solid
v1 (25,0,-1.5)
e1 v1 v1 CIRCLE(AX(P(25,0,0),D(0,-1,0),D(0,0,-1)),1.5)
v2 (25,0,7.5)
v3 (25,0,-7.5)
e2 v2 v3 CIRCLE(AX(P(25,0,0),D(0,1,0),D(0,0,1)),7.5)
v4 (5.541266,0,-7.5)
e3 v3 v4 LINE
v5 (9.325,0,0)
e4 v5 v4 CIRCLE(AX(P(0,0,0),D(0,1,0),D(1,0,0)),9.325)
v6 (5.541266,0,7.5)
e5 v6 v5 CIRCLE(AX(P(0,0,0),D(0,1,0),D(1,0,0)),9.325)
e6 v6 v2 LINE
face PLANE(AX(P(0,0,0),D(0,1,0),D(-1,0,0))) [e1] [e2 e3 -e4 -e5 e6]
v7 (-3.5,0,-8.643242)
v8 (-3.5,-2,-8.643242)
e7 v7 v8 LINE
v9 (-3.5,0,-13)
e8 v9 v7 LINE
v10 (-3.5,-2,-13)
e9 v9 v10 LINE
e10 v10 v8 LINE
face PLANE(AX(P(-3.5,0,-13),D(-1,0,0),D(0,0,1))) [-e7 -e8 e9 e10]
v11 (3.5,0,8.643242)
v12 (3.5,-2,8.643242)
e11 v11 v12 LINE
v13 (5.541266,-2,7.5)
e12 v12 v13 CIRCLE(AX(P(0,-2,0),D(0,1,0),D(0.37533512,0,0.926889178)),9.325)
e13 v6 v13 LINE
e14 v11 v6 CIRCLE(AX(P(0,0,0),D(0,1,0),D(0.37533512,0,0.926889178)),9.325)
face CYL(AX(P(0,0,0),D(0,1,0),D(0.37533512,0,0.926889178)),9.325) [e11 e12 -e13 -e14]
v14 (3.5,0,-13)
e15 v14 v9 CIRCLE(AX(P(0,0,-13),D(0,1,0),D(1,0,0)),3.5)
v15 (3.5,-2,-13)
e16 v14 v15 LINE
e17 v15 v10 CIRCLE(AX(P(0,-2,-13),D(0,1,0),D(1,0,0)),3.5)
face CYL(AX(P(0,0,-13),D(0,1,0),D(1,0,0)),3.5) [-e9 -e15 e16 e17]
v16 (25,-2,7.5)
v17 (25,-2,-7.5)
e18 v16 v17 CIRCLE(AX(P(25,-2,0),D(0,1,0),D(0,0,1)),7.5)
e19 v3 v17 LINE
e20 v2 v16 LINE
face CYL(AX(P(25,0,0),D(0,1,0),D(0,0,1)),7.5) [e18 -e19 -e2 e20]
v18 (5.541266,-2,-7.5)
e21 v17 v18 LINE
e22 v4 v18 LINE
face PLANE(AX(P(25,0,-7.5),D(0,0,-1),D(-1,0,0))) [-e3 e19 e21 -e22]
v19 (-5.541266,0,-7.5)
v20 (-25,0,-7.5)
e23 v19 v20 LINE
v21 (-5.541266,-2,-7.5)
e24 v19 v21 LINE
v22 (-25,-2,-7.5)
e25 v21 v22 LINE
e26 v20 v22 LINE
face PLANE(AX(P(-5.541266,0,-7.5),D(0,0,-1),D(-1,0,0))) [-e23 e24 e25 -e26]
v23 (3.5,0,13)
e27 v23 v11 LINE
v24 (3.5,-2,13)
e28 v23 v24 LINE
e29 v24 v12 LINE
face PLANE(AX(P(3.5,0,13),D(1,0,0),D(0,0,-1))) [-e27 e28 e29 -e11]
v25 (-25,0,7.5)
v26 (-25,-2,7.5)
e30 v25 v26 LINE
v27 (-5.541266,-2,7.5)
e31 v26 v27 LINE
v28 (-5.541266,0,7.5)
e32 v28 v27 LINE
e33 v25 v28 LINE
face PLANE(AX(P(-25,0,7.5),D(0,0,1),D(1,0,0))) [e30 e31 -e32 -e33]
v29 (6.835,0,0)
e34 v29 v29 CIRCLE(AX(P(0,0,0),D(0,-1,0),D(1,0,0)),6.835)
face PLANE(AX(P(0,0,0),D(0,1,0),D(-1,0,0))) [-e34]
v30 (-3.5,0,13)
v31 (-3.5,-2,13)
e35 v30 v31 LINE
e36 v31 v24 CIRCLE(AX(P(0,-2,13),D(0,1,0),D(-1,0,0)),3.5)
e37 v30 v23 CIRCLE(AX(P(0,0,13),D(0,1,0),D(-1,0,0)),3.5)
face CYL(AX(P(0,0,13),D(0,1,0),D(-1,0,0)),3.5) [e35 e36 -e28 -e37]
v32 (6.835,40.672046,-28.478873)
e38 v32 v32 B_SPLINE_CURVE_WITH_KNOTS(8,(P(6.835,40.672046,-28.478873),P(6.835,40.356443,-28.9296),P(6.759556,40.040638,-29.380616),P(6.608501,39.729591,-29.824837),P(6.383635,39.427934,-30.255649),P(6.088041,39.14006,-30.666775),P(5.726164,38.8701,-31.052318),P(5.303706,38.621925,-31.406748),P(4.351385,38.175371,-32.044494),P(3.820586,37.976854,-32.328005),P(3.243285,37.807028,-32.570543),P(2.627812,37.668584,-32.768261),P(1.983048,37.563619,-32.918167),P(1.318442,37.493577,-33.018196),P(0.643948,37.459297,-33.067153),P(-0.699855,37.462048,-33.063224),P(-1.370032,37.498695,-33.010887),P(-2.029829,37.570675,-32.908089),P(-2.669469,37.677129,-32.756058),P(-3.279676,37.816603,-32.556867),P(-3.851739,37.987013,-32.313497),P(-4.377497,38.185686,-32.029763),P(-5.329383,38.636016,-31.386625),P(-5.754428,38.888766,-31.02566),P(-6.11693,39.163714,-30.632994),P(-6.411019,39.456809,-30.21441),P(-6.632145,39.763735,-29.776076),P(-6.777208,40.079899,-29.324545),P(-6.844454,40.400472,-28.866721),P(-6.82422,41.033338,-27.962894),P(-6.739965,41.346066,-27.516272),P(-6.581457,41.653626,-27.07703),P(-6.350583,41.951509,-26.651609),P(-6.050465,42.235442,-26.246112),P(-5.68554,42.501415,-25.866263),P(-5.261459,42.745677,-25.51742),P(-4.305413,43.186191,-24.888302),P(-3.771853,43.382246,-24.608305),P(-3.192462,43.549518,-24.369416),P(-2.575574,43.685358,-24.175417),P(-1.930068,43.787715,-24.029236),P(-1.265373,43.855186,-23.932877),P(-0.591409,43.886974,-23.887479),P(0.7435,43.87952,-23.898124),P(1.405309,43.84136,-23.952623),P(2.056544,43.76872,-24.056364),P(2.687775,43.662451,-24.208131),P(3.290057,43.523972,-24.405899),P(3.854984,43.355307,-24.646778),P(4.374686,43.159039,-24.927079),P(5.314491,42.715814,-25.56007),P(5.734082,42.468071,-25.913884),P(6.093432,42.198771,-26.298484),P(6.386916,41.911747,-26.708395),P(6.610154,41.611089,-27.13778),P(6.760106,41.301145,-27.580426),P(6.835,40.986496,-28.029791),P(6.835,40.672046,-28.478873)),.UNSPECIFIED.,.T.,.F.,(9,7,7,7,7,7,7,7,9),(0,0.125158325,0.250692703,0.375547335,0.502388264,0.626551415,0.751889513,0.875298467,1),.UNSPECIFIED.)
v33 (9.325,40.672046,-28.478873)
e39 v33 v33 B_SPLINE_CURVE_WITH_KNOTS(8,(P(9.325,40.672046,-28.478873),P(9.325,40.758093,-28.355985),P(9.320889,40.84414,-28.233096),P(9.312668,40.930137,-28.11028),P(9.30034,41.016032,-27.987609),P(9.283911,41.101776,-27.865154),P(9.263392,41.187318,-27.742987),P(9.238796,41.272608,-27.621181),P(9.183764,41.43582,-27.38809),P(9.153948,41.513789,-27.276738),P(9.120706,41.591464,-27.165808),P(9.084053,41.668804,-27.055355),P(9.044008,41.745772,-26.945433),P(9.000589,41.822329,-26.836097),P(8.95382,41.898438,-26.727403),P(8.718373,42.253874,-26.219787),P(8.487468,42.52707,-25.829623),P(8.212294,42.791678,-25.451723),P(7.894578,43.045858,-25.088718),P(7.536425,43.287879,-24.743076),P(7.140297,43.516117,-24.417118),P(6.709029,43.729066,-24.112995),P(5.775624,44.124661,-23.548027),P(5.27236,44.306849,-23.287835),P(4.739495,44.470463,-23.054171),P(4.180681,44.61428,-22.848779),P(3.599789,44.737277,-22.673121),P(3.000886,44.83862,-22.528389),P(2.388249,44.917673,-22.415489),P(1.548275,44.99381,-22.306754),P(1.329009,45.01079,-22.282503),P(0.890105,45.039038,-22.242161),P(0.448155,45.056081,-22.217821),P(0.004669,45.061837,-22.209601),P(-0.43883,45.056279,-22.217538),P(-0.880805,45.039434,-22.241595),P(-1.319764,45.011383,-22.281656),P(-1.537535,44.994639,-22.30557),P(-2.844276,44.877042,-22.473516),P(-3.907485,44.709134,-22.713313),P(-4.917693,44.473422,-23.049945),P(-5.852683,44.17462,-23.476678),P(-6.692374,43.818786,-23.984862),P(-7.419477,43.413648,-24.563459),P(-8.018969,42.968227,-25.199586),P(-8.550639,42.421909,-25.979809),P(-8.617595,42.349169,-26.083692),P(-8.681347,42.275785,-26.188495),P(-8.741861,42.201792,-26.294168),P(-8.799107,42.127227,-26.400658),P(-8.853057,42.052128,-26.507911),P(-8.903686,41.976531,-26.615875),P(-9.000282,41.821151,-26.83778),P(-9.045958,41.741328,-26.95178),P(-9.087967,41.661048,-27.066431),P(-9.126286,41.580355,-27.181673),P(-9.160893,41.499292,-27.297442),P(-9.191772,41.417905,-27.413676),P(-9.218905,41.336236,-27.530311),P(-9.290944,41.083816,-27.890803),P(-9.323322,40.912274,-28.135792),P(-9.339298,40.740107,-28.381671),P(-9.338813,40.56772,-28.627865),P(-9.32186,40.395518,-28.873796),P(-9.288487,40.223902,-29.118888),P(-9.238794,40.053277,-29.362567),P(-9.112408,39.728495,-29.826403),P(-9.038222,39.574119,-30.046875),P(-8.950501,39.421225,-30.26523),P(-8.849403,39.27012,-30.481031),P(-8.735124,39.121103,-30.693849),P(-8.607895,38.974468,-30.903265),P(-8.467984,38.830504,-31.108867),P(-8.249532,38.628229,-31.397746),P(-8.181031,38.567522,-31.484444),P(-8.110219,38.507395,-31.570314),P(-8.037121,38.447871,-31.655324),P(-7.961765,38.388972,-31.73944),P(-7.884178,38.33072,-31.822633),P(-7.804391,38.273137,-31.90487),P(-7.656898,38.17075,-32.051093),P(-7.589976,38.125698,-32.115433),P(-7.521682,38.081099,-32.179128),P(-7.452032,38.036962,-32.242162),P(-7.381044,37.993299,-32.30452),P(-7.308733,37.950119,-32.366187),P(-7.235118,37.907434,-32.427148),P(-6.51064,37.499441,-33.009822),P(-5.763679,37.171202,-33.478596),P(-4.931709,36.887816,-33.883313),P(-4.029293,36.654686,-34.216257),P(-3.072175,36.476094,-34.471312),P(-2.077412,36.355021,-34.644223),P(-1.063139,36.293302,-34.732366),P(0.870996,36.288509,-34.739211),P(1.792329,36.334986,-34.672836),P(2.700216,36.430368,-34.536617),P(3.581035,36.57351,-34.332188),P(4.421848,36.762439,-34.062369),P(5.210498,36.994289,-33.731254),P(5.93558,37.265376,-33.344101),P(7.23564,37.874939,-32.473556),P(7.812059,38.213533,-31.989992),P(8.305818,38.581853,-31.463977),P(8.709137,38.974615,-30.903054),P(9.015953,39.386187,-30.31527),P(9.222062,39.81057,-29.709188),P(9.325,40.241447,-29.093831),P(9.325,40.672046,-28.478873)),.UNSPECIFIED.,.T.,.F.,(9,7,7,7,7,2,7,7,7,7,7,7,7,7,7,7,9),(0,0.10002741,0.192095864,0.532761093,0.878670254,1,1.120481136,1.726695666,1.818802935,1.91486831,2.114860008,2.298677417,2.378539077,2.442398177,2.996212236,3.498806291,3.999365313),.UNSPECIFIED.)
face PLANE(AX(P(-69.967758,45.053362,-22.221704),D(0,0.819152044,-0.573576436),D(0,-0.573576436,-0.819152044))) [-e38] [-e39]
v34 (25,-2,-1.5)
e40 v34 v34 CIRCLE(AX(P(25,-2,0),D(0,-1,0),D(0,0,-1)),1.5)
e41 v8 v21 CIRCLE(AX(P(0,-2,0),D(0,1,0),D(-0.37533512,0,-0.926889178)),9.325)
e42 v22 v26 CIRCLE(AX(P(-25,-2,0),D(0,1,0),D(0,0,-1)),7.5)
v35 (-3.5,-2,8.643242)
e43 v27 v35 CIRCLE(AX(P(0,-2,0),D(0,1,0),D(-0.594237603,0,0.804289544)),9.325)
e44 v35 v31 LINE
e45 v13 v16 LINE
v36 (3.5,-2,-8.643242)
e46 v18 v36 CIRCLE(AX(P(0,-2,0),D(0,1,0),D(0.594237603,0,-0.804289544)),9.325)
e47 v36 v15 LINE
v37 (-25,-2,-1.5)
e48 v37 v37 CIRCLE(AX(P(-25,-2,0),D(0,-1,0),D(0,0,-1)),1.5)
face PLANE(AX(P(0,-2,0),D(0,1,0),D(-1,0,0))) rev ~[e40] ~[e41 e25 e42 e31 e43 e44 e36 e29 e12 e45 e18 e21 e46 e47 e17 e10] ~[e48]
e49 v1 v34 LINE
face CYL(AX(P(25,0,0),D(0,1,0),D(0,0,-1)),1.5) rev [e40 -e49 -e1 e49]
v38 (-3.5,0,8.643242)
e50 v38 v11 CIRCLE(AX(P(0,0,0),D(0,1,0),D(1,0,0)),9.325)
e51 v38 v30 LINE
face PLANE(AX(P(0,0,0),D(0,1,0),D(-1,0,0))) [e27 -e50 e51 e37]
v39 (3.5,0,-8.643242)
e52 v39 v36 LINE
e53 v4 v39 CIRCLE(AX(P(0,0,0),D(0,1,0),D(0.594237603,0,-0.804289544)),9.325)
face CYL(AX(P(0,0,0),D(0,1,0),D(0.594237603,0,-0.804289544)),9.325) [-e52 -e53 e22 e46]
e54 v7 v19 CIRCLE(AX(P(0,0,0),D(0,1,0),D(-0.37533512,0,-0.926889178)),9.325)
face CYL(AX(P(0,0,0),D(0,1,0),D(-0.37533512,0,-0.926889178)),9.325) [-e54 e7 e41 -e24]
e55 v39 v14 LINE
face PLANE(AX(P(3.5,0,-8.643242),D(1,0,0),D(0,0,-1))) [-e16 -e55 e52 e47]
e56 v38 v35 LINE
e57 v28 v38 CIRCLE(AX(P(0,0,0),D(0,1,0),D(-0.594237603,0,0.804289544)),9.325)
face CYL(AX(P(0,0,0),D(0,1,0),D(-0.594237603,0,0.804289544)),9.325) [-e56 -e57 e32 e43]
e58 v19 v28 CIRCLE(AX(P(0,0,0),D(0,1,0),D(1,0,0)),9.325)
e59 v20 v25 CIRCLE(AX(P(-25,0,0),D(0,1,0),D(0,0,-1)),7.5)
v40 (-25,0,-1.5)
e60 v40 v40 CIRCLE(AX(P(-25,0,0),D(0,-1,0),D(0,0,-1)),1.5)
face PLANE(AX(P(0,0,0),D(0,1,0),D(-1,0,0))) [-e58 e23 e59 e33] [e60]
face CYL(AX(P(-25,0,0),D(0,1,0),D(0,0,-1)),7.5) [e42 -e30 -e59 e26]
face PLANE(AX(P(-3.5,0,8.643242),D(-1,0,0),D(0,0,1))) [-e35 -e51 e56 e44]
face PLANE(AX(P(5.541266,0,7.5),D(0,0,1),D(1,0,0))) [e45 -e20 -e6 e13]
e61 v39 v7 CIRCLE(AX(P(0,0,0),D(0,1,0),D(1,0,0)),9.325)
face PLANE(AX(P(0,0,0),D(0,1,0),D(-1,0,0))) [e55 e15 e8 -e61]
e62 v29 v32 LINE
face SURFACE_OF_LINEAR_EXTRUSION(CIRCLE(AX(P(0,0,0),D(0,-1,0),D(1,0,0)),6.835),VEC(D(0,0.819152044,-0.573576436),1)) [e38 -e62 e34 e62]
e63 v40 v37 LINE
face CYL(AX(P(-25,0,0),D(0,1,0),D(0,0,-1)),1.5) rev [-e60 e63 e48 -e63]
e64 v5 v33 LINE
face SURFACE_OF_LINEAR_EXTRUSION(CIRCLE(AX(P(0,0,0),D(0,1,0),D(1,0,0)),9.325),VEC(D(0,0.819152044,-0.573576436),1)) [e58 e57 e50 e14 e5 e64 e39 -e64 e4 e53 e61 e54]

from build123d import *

# Parameters (mm, degrees)
CROQUIS1_R                 = 9.325
CROQUIS1_R_2               = 6.835
CROQUIS11_R                = 1.5
SALIENTE_EXTRUIR1_DEPTH    = 2
CORTAR_EXTRUIR2_DEPTH      = 69.96775808
CORTAR_EXTRUIR2_DEPTH_BACK = 69.96775808


with BuildPart() as part:
    # Barrer1: sweep along a path in Croquis6
    with BuildLine(Plane(origin=(0, 0, 0), x_dir=(0, 0, -1), z_dir=(1, 0, 0))) as barrer1_path:
        Line((9.345393917, 0), (40.892097916, 45.053362436))
    # Croquis1 → Barrer1 (sweep)
    with BuildSketch(Plane(origin=(0, 0, 0), x_dir=(1, 0, 0), z_dir=(0, 1, 0))):
        Circle(CROQUIS1_R)
        Circle(CROQUIS1_R_2, mode=Mode.SUBTRACT)
    sweep(path=barrer1_path.line)

    # Croquis11 → Saliente-Extruir1 (add)
    with BuildSketch(Plane.XZ):
        with BuildLine():
            Line((-25, 7.5), (-5.54126565, 7.5))
            ThreePointArc((-5.54126565, 7.5), (-4.556629397, 8.135892916), (-3.5, 8.643241579))
            Line((-3.5, 8.643241579), (-3.5, 13))
            ThreePointArc((-3.5, 13), (0, 16.5), (3.5, 13))
            Line((3.5, 13), (3.5, 8.643241579))
            ThreePointArc((3.5, 8.643241579), (4.556629397, 8.135892916), (5.54126565, 7.5))
            Line((5.54126565, 7.5), (25, 7.5))
            ThreePointArc((25, 7.5), (32.5, 0), (25, -7.5))
            Line((25, -7.5), (5.54126565, -7.5))
            ThreePointArc((5.54126565, -7.5), (4.556629397, -8.135892916), (3.5, -8.643241579))
            Line((3.5, -8.643241579), (3.5, -13))
            ThreePointArc((3.5, -13), (0, -16.5), (-3.5, -13))
            Line((-3.5, -13), (-3.5, -8.643241579))
            ThreePointArc((-3.5, -8.643241579), (-4.556629397, -8.135892916), (-5.54126565, -7.5))
            Line((-5.54126565, -7.5), (-25, -7.5))
            ThreePointArc((-25, -7.5), (-32.5, 0), (-25, 7.5))
        make_face()
        with Locations(Location((-25, 0, 0), (0, 0, 270))):
            Circle(CROQUIS11_R, mode=Mode.SUBTRACT)
        with Locations(Location((25, 0, 0), (0, 0, 270))):
            Circle(CROQUIS11_R, mode=Mode.SUBTRACT)
    extrude(amount=SALIENTE_EXTRUIR1_DEPTH)

    # Croquis13 → Cortar-Extruir2 (cut, two sides: drawn at the far end of the back side and taken through both)
    with BuildSketch(Plane(origin=(0, 0, 0), x_dir=(0, 0, -1), z_dir=(1, 0, 0)).offset(-CORTAR_EXTRUIR2_DEPTH_BACK)):
        Polygon((22.221703999, 45.053362436), (40.871703999, 31.994491848), (40.871703999, 45.053362436), align=None)
    extrude(amount=CORTAR_EXTRUIR2_DEPTH + CORTAR_EXTRUIR2_DEPTH_BACK, mode=Mode.SUBTRACT)


solid = part.part
